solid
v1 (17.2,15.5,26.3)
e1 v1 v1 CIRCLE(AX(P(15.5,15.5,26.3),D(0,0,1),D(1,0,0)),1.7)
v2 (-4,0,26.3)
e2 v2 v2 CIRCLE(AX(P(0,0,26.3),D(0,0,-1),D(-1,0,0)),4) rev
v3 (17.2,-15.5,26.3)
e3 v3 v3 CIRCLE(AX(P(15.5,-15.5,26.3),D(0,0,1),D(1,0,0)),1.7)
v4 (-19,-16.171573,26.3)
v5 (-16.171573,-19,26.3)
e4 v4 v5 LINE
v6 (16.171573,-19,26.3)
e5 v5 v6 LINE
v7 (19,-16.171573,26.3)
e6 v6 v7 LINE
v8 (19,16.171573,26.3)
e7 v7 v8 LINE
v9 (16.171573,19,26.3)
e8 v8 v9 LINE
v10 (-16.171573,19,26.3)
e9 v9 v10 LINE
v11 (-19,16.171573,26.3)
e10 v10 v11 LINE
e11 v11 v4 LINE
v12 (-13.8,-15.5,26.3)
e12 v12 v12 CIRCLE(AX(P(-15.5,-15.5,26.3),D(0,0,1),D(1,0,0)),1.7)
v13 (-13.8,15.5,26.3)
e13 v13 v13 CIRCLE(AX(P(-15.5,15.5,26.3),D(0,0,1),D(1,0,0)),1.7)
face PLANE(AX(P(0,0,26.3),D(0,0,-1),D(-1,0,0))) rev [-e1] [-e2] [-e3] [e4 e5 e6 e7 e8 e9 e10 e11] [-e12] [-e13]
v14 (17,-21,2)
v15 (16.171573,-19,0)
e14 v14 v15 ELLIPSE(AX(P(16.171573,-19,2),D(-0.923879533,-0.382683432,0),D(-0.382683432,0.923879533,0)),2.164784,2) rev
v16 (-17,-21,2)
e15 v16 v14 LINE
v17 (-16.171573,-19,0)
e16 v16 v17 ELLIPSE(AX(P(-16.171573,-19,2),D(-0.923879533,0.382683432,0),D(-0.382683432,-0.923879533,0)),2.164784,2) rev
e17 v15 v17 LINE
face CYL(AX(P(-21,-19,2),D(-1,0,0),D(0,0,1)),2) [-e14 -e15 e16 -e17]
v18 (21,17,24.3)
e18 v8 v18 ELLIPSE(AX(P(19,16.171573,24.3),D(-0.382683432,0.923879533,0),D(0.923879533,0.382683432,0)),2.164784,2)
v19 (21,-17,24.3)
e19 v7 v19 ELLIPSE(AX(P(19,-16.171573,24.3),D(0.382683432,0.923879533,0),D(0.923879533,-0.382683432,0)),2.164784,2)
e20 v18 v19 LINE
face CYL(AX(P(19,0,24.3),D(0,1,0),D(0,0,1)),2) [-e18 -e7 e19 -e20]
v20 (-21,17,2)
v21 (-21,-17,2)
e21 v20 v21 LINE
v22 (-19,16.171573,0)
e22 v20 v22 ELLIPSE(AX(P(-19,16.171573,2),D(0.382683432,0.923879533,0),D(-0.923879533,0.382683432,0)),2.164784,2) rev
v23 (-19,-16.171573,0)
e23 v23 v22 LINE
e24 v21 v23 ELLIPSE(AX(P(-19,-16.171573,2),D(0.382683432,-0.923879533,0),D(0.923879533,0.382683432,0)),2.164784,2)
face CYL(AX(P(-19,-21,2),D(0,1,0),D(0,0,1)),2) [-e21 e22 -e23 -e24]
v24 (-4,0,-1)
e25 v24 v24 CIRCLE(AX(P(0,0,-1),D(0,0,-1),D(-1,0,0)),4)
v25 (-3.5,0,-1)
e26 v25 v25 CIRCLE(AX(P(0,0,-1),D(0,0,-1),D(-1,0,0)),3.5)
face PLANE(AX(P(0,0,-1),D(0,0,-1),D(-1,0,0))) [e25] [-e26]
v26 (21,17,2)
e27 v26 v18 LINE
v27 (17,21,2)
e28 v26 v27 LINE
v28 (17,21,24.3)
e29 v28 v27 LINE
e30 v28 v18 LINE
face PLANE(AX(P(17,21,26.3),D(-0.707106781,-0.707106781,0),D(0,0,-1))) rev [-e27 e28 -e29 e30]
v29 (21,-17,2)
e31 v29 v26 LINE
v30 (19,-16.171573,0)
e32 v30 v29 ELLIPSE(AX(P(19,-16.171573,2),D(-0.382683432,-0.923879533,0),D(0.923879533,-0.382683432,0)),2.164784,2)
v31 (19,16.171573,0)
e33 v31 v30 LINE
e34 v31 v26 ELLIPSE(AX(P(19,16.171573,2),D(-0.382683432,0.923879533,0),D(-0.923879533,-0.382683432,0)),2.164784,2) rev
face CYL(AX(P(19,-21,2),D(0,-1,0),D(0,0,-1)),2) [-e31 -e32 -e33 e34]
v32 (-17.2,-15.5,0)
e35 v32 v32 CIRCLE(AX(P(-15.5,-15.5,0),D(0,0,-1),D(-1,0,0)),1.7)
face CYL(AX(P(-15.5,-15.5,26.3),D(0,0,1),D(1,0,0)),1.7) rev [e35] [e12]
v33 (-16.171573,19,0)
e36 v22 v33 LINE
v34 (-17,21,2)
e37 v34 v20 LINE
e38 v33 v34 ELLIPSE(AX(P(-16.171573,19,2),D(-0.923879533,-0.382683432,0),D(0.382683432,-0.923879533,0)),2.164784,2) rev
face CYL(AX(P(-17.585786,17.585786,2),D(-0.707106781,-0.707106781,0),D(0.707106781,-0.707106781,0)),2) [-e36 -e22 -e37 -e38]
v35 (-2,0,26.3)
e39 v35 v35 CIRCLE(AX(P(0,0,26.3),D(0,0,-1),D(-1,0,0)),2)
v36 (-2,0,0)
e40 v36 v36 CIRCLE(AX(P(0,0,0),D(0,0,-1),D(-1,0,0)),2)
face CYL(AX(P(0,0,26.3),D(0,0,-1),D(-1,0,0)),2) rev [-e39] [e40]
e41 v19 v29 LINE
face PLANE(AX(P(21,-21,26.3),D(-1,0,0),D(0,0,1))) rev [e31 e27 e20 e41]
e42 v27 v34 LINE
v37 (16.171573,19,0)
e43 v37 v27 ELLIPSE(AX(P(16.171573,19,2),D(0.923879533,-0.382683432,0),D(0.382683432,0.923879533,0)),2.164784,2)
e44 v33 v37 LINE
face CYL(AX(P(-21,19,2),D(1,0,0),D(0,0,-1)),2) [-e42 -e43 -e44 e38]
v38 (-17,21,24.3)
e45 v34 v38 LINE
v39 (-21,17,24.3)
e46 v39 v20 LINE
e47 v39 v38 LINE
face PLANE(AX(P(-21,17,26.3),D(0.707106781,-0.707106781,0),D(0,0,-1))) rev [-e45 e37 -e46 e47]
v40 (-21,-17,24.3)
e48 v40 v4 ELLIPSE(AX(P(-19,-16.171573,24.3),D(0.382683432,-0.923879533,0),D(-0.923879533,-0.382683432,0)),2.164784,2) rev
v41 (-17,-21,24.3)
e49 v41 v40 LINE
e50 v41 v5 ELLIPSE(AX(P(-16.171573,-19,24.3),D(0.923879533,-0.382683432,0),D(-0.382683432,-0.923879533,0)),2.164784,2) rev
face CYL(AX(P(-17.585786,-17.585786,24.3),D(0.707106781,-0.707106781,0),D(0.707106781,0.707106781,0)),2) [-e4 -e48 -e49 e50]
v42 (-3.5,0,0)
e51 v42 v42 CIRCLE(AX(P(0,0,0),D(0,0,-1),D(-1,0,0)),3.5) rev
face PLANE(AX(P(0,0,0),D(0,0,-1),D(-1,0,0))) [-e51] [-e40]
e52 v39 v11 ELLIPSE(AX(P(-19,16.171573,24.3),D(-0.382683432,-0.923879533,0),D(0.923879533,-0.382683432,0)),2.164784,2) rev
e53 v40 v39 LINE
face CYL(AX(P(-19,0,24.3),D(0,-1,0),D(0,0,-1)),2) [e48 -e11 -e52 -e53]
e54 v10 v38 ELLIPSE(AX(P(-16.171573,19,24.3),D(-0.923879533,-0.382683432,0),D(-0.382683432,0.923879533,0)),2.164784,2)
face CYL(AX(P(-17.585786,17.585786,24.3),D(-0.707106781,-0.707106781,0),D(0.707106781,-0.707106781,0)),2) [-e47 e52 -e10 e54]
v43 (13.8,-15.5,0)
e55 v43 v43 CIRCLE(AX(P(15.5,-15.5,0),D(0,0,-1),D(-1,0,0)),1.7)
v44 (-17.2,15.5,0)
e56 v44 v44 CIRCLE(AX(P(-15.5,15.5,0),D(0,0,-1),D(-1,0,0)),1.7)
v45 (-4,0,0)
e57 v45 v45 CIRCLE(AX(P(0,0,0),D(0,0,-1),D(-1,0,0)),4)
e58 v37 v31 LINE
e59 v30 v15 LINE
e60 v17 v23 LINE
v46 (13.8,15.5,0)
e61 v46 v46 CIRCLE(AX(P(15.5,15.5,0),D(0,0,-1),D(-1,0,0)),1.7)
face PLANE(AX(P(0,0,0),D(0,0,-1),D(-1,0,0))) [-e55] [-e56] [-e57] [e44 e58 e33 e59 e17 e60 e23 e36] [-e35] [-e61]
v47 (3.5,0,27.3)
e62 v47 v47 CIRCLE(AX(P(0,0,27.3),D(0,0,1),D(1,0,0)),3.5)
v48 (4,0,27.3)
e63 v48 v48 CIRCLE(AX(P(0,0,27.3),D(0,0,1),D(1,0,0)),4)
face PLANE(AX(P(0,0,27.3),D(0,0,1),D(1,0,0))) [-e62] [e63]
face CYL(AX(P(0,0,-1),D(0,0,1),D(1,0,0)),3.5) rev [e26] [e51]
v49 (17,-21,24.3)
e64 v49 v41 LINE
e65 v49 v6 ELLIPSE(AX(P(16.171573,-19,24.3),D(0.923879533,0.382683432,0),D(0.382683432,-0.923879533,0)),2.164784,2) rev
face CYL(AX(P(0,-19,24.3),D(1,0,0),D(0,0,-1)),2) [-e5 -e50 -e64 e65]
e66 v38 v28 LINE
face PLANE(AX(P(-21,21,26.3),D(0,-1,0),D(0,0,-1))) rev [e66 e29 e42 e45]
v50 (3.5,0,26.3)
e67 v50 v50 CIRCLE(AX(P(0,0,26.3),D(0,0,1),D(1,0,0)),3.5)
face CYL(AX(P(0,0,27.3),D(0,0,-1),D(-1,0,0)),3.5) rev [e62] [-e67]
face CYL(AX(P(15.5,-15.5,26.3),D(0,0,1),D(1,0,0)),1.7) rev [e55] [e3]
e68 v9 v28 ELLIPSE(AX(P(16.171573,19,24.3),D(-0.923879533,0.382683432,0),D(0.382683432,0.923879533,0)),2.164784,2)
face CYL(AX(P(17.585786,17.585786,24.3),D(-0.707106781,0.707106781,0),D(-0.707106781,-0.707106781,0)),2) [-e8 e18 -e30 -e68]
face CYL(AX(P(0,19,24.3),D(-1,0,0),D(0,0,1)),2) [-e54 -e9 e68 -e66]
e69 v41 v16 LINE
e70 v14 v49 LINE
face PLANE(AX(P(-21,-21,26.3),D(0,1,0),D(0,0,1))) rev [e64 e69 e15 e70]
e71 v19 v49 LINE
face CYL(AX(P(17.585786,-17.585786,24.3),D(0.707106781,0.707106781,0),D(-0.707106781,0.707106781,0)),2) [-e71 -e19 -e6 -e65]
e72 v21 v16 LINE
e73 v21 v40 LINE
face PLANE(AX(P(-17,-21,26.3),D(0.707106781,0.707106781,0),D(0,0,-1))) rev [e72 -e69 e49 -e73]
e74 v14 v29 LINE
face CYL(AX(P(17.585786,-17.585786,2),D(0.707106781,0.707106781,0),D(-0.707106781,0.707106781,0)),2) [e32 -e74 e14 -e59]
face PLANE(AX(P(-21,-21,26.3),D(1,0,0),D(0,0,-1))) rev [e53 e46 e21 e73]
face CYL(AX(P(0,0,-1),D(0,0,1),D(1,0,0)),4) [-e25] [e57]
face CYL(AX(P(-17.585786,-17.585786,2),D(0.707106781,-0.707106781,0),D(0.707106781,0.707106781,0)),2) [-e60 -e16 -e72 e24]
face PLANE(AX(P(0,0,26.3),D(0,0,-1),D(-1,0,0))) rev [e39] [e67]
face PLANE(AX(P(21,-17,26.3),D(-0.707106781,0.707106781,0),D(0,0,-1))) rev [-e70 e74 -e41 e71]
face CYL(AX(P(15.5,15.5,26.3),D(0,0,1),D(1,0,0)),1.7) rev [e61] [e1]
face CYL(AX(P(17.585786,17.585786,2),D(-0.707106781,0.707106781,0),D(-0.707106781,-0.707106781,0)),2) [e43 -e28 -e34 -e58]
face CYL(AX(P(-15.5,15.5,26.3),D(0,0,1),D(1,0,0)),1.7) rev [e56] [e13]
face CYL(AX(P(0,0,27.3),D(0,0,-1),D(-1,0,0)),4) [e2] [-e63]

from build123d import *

# Parameters (mm, degrees)
SKETCH_4_W                  = 42
SKETCH_4_H                  = 42
EXTRUDE_2_DEPTH             = 26.3
CHAMFER_1_SIZE              = 4
FILLET_1_R                  = 2
SKETCH_5_R                  = 2
CUT_EXTRUDE_1_DEPTH         = 40.669761784
SKETCH_6_R                  = 4
SKETCH_6_R_2                = 3.5
EXTRUDE_3_DEPTH             = 1
EXTRUDE_START               = 1
SKETCH_7_R                  = 4
SKETCH_7_R_2                = 3.5
EXTRUDE_4_DEPTH             = 1
HOLE_WIZARD_M31_D           = 3.4
PATTERN_LINEAR_1_COUNT      = 2
PATTERN_LINEAR_1_PITCH      = 31
PATTERN_LINEAR_1_COUNT_DIR2 = 2
PATTERN_LINEAR_1_PITCH_DIR2 = 31


with BuildPart() as part:
    # Эскиз4 → Бобышка-Вытянуть2 (new body)
    with BuildSketch(Plane.XY):
        Rectangle(SKETCH_4_W, SKETCH_4_H)
    extrude(amount=EXTRUDE_2_DEPTH)

    # Фаска1
    chamfer_1_edges = [part.edges().sort_by_distance(p)[0] for p in [
        (21, -21, 13.15),
        (-21, -21, 13.15),
        (-21, 21, 13.15),
        (21, 21, 13.15),
    ]]
    chamfer(chamfer_1_edges, length=CHAMFER_1_SIZE)

    # Скругление1
    fillet_1_edges = [part.edges().sort_by_distance(p)[0] for p in [
        (0, -21, 0),
        (0, -21, 26.3),
        (21, 0, 0),
        (-21, 0, 0),
        (0, 21, 0),
        (-19, 19, 0),
        (19, 19, 0),
        (19, -19, 0),
        (-19, -19, 0),
        (-21, 0, 26.3),
        (21, 0, 26.3),
        (0, 21, 26.3),
        (-19, 19, 26.3),
        (19, 19, 26.3),
        (19, -19, 26.3),
        (-19, -19, 26.3),
    ]]
    fillet(fillet_1_edges, radius=FILLET_1_R)

    # Эскиз5 → Вырез-Вытянуть1 (cut, through all)
    with BuildSketch(Plane(origin=(0, 0, 0), x_dir=(-1, 0, 0), z_dir=(0, 0, -1))):
        Circle(SKETCH_5_R)
    extrude(amount=-CUT_EXTRUDE_1_DEPTH, mode=Mode.SUBTRACT)

    # Эскиз6 → Бобышка-Вытянуть3 (add)
    with BuildSketch(Plane(origin=(0, 0, 0), x_dir=(-1, 0, 0), z_dir=(0, 0, -1))):
        Circle(SKETCH_6_R)
        Circle(SKETCH_6_R_2, mode=Mode.SUBTRACT)
    extrude(amount=EXTRUDE_3_DEPTH)

    # Эскиз7 → Бобышка-Вытянуть4 (add)
    with BuildSketch(Plane.XY.offset(26.3).offset(EXTRUDE_START)):
        with Locations(Location((0, 0, 0), (0, 0, 180))):
            Circle(SKETCH_7_R)
        with Locations(Location((0, 0, 0), (0, 0, 180))):
            Circle(SKETCH_7_R_2, mode=Mode.SUBTRACT)
    extrude(amount=-EXTRUDE_4_DEPTH)

    # Отверстие с зазором M31 (through all)
    with Locations(Plane.XY.offset(26.3)):
        with Locations((-15.5, 15.5)):
            hole_wizard_m31 = Hole(HOLE_WIZARD_M31_D / 2)

    # Линейный массив1: Hole Wizard M31 2 × 2
    with Locations(*[(i * PATTERN_LINEAR_1_PITCH, -j * PATTERN_LINEAR_1_PITCH_DIR2, 0) for i in range(PATTERN_LINEAR_1_COUNT) for j in range(PATTERN_LINEAR_1_COUNT_DIR2) if (i, j) != (0, 0)]):
        add(hole_wizard_m31, mode=Mode.SUBTRACT)


solid = part.part
